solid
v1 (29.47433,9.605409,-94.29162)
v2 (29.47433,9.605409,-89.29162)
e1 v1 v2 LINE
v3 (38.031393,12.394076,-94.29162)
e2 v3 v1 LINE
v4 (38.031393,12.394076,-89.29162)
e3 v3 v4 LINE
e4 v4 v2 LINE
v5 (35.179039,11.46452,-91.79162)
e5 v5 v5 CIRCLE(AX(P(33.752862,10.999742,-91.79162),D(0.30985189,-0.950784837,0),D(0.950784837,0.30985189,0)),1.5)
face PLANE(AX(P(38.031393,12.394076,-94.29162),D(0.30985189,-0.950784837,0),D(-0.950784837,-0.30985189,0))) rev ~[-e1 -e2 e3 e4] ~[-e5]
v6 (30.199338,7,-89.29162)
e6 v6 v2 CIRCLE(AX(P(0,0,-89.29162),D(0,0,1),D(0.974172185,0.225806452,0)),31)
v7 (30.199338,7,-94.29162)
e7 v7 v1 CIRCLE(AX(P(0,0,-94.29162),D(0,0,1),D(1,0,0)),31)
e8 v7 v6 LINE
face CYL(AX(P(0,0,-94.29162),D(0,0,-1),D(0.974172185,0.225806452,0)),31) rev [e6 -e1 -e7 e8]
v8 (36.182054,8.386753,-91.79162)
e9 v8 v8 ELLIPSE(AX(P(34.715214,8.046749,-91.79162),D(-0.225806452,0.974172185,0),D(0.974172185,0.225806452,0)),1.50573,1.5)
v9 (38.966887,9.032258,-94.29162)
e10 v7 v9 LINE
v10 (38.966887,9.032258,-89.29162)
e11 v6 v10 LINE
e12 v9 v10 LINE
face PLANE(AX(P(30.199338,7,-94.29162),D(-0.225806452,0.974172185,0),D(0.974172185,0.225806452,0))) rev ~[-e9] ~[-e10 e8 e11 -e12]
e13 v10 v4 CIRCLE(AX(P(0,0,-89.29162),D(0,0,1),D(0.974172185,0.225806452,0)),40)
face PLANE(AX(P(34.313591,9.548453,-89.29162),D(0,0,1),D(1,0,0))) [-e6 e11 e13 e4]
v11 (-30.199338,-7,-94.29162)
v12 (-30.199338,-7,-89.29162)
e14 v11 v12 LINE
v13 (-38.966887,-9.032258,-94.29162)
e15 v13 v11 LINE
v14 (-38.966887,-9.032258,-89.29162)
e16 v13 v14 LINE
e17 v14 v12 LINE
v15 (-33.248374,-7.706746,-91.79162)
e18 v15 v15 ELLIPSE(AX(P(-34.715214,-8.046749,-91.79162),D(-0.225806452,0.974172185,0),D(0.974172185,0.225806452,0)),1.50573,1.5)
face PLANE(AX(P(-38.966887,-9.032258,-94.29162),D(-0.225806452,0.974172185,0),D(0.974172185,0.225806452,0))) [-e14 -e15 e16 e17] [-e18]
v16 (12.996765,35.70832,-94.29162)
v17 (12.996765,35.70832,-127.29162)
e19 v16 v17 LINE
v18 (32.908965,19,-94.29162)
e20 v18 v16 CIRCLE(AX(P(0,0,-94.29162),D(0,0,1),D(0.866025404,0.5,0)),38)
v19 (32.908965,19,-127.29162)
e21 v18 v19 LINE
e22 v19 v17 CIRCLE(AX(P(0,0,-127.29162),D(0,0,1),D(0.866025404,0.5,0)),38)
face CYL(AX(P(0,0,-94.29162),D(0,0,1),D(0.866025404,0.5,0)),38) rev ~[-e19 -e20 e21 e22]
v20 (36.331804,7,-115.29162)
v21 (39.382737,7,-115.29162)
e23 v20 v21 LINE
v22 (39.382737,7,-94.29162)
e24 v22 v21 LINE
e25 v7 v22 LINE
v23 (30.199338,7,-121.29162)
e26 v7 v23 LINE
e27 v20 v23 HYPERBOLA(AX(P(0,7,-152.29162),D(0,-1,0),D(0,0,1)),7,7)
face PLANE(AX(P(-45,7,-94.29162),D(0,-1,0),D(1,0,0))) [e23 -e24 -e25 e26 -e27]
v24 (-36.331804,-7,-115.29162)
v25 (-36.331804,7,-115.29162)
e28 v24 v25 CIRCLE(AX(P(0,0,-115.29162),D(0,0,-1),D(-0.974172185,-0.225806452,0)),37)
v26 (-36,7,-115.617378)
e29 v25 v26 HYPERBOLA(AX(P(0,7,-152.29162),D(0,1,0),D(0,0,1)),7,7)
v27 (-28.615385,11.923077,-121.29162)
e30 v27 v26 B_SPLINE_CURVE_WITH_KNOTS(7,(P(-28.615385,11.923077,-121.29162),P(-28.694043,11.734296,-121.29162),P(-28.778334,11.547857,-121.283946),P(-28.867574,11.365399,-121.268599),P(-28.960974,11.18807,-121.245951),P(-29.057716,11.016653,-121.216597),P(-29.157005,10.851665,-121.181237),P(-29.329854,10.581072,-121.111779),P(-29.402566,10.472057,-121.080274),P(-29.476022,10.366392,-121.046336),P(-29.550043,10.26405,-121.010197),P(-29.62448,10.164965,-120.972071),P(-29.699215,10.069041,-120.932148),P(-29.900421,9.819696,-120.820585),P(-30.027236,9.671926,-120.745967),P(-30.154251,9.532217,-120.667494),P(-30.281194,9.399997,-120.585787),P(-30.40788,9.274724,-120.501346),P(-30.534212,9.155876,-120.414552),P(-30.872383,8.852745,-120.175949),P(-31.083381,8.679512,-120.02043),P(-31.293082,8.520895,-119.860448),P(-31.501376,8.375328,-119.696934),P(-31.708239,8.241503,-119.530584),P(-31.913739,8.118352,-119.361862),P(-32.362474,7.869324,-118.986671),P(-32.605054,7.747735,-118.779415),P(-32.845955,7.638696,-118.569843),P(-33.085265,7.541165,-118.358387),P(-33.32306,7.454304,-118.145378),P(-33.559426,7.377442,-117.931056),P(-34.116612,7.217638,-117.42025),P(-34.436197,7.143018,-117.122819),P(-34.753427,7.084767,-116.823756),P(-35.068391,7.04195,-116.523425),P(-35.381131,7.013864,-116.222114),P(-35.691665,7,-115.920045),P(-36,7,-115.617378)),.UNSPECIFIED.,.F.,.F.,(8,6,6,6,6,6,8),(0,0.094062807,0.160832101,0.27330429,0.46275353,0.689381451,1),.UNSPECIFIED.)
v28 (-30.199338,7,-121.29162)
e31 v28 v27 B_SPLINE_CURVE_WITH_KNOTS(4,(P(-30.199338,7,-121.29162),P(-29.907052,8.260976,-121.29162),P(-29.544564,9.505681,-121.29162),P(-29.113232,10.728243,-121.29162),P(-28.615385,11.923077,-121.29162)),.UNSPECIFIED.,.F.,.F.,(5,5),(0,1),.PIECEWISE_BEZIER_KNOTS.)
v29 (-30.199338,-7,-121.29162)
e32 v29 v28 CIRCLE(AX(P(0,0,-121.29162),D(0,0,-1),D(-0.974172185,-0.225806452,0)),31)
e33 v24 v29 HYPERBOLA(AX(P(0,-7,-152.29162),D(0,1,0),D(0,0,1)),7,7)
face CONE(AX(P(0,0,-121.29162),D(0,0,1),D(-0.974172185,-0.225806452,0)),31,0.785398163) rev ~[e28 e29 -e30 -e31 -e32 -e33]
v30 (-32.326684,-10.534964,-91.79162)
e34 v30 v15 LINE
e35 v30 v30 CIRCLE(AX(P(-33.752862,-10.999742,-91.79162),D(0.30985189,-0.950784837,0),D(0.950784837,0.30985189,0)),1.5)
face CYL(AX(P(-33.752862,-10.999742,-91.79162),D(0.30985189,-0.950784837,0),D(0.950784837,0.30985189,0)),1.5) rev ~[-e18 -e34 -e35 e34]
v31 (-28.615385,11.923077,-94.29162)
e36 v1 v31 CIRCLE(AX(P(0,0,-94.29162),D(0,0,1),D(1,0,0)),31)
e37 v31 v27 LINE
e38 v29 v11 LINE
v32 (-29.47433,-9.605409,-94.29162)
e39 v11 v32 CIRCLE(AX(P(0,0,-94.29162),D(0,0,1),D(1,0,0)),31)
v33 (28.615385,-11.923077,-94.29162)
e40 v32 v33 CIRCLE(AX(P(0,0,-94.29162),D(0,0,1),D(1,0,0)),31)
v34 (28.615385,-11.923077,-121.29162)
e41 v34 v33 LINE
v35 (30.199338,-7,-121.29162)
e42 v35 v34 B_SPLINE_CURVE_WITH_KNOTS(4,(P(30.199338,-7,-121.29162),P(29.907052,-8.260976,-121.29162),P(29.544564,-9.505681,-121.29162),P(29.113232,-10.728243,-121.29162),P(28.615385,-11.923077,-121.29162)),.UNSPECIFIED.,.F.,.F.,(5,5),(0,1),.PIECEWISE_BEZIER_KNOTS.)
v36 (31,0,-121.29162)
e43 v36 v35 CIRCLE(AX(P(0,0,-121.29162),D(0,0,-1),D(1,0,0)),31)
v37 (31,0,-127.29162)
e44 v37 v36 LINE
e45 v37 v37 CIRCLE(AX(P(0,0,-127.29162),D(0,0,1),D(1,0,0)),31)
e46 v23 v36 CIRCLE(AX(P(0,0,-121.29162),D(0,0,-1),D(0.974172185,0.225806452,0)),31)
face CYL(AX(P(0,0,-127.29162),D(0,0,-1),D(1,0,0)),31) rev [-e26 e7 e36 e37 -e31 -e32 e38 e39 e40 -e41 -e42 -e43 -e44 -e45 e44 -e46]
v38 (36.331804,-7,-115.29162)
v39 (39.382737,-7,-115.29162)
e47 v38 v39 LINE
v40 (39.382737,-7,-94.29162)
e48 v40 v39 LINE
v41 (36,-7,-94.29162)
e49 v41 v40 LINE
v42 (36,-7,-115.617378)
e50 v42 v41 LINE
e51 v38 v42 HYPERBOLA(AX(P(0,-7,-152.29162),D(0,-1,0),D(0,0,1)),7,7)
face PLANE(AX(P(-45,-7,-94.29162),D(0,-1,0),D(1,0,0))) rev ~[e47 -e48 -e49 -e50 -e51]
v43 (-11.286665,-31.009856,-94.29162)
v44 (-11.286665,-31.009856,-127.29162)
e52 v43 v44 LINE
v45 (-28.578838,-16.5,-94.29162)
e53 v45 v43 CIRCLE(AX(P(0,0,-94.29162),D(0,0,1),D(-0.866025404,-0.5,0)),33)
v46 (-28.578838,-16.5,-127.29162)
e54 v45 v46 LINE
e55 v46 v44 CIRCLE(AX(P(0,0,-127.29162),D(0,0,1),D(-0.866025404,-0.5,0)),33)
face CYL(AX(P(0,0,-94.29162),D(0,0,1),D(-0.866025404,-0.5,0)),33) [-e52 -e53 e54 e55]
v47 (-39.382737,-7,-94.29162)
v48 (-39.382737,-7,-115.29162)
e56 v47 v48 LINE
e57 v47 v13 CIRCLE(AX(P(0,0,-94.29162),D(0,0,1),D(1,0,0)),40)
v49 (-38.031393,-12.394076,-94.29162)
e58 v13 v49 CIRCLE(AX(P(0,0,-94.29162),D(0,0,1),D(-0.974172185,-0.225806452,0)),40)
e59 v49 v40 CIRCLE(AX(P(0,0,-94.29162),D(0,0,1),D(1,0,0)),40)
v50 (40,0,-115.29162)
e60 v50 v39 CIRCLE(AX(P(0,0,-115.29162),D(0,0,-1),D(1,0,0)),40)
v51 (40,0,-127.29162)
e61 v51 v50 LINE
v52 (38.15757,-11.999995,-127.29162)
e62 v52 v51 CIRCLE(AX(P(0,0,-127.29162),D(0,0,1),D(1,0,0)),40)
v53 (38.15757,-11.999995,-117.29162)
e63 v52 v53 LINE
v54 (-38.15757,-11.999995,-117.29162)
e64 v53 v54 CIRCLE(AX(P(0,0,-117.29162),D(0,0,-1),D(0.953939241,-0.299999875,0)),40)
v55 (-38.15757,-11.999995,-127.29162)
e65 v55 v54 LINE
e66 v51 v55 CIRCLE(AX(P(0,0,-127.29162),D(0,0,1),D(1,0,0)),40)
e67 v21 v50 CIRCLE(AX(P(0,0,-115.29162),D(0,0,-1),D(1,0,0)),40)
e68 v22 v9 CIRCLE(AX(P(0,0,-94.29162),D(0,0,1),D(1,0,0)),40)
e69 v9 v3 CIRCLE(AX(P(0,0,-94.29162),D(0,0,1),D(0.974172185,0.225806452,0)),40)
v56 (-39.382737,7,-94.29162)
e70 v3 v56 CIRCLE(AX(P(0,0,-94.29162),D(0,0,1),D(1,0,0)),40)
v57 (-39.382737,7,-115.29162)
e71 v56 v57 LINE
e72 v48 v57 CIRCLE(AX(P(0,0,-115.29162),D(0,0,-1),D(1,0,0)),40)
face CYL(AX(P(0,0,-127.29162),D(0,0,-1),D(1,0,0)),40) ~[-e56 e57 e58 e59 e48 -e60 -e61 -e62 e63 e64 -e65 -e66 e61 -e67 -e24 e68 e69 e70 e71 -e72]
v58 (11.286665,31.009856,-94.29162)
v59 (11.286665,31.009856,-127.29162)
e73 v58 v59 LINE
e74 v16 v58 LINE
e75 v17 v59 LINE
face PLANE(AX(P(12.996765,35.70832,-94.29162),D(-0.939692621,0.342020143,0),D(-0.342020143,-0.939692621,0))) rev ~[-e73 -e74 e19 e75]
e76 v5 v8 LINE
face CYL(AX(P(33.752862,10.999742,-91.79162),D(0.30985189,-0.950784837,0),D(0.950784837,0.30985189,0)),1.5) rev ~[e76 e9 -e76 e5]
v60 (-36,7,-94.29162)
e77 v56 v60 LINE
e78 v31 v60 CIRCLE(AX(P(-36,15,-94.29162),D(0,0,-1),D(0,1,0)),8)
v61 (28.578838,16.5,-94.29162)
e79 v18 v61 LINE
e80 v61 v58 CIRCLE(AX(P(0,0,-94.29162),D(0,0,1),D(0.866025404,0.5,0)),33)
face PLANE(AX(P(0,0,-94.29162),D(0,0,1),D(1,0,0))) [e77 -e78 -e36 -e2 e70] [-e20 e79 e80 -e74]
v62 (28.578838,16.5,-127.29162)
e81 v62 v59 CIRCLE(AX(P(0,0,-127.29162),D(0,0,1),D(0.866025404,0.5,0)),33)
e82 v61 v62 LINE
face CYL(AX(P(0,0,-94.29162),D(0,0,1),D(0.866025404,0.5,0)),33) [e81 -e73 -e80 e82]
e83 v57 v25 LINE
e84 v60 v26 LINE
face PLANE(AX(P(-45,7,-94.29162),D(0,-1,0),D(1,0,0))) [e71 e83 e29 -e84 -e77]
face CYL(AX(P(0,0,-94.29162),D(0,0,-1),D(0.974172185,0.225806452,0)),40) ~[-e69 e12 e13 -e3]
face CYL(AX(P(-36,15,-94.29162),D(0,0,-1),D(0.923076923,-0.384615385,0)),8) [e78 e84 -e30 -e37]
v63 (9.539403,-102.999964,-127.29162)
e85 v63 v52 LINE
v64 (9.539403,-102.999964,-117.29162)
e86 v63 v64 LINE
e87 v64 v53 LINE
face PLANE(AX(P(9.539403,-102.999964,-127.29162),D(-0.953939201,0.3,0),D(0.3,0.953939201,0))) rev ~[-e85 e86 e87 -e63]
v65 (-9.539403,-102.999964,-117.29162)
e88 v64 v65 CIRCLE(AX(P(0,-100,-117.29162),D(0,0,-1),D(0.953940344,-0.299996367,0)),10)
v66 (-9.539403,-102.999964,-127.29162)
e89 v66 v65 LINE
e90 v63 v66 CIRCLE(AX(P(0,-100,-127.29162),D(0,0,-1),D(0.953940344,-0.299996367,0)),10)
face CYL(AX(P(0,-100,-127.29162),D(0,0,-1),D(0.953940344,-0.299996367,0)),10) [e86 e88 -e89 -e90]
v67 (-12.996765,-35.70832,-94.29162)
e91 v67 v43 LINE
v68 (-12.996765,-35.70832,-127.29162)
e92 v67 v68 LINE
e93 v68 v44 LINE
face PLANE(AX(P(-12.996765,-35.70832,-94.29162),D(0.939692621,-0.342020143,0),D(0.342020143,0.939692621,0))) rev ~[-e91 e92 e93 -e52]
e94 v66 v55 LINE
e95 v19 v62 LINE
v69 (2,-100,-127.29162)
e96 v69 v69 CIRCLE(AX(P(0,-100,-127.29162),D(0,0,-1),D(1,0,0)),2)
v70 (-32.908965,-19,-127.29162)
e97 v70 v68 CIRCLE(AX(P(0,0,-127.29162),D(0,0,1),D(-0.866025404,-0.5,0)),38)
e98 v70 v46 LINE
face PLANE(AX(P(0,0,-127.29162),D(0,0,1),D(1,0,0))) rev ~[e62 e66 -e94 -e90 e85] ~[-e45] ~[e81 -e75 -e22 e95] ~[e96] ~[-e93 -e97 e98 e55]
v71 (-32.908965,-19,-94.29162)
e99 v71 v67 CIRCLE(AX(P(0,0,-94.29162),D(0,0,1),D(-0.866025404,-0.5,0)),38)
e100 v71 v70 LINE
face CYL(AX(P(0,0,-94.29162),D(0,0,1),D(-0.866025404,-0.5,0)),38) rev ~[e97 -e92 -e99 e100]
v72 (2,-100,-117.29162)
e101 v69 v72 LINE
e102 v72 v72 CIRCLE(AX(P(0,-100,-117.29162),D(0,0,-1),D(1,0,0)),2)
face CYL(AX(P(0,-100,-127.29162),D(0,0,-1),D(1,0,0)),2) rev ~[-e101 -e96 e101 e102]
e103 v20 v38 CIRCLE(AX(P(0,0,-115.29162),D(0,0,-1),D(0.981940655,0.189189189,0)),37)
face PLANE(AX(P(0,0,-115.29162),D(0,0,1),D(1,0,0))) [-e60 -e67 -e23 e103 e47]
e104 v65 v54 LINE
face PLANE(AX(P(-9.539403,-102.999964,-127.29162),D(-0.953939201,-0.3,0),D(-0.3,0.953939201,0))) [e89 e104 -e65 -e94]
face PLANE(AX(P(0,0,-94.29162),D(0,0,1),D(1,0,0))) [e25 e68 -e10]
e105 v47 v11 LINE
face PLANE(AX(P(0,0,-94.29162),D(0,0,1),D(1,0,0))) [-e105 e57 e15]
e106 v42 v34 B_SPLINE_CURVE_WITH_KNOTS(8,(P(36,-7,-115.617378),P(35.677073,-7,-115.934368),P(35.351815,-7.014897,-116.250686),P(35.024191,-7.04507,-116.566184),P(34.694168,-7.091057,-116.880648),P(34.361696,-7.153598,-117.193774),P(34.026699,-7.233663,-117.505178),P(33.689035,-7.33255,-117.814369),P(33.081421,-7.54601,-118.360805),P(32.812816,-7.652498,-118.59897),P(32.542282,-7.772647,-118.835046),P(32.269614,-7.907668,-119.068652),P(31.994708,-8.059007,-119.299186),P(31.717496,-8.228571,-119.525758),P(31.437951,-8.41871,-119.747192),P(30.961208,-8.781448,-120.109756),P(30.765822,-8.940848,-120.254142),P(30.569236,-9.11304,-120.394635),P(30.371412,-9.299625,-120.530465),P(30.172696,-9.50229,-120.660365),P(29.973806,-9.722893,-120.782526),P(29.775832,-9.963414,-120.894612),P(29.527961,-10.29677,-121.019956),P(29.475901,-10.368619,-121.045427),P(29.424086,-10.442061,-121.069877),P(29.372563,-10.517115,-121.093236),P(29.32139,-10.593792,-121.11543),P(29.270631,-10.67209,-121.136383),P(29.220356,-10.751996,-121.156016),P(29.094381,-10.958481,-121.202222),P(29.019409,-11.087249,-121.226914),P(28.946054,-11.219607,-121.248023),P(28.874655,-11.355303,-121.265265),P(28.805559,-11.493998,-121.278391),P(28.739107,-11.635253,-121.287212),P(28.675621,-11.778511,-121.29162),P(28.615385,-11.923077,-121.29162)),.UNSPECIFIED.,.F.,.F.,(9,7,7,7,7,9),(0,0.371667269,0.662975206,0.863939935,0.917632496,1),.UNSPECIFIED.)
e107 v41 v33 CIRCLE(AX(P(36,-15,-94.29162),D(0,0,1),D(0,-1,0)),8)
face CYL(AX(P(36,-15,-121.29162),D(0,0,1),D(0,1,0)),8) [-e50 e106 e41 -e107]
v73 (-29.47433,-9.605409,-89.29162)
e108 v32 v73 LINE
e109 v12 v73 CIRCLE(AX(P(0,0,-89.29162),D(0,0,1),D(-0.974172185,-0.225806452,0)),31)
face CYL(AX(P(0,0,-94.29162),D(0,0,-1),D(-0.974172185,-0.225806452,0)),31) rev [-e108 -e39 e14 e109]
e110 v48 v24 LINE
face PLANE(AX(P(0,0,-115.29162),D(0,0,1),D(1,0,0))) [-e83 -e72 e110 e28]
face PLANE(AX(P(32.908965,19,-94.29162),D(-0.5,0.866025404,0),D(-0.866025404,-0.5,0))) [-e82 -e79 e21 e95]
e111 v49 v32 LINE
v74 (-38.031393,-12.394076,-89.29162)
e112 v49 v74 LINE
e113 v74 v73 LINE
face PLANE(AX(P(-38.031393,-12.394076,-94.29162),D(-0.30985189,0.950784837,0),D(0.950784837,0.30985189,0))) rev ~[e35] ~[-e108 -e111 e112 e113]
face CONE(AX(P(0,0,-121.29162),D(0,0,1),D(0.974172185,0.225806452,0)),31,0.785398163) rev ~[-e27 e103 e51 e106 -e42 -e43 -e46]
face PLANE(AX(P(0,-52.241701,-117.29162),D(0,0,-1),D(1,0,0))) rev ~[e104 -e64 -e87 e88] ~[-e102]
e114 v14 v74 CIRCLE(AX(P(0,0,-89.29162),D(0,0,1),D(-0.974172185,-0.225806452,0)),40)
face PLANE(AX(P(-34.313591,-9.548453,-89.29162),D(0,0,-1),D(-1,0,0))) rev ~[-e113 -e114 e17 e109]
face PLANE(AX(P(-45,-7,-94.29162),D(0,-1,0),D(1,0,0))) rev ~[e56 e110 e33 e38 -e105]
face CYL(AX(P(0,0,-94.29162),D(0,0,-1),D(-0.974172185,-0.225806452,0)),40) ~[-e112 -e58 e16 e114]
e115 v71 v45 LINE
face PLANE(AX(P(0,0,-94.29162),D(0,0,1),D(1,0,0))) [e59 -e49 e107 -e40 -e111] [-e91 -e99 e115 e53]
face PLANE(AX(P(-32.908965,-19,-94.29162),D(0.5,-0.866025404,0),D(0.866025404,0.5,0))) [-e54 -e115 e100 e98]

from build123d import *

# Parameters (mm, degrees)
SKETCH022_R        = 40
SKETCH022_R_2      = 31
PAD006_DEPTH       = 33
SKETCH023_W        = 90
SKETCH023_H        = 14
POCKET010_DEPTH    = 21
CHAMFER_SIZE       = 6
POCKET011_DEPTH    = 268.7042032027
POLARPATTERN_COUNT = 2
FILLET001_R        = 8
PAD008_DEPTH       = 5
SKETCH028_R        = 1.5
POCKET013_DEPTH    = 3.5
SKETCH029_R        = 2
PAD009_DEPTH       = 10


with BuildPart() as part:
    # Sketch022 (on DatumPlane) → Pad006 (new body)
    with BuildSketch(Plane.XY.offset(-127.29162)):
        Circle(SKETCH022_R)
        Circle(SKETCH022_R_2, mode=Mode.SUBTRACT)
    extrude(amount=PAD006_DEPTH)

    # Sketch023 (on Face4 of Pad006) → Pocket010 (cut)
    with BuildSketch(Plane.XY.offset(-94.29162)):
        Rectangle(SKETCH023_W, SKETCH023_H)
    extrude(amount=-POCKET010_DEPTH, mode=Mode.SUBTRACT)

    # Chamfer
    chamfer_edges = [part.edges().sort_by_distance(p)[0] for p in [
        (-31, 0, -115.29162),
        (30.799184, -3.522821, -115.29162),
    ]]
    chamfer(chamfer_edges, length=CHAMFER_SIZE)

    # Sketch024 (on Face8 of Chamfer) → Pocket011 (cut, through all)
    with BuildSketch(Plane.XY.offset(-94.29162)):
        with BuildLine():
            ThreePointArc((-32.9089653438, -19), (-24.4259291681, -29.1096888385), (-12.9967654464, -35.7083195899))
            Line((-12.9967654464, -35.7083195899), (-11.2866647297, -31.0098564859))
            ThreePointArc((-28.5788383249, -16.5), (-21.2119911197, -25.2794666229), (-11.2866647297, -31.0098564859))
            Line((-32.9089653438, -19), (-28.5788383249, -16.5))
        make_face()
    pocket011 = extrude(amount=-POCKET011_DEPTH, mode=Mode.SUBTRACT)

    # PolarPattern: Pocket011 ×2 about axis
    polarpattern_axis = Axis((0, 0, -94.29162), (0, 0, 1))
    for i in range(1, POLARPATTERN_COUNT):
        add(pocket011.rotate(polarpattern_axis, i * 360 / POLARPATTERN_COUNT), mode=Mode.SUBTRACT)

    # Fillet001
    fillet001_edges = [part.edges().sort_by_distance(p)[0] for p in [
        (-30.199338, 7, -104.79162),
        (30.199338, -7, -104.79162),
    ]]
    fillet(fillet001_edges, radius=FILLET001_R)

    # Sketch027 (on Face7 of Fillet001) → Pad008 (join)
    with BuildSketch(Plane.XY.offset(-94.29162)):
        with BuildLine():
            ThreePointArc((-30.1993377411, -7), (-29.8652589516, -8.3106141622), (-29.4743299443, -9.6054085979))
            Line((-38.0313934765, -12.3940756103), (-29.4743299443, -9.605408598))
            ThreePointArc((-38.9668874079, -9.0322580645), (-38.5358180021, -10.7233731125), (-38.0313934765, -12.3940756103))
            Line((-38.9668874078, -9.0322580645), (-30.1993377411, -7))
        make_face()
        with BuildLine():
            Line((30.1993377411, 7), (38.9668874078, 9.0322580645))
            ThreePointArc((38.9668874078, 9.0322580645), (38.5358180021, 10.7233731125), (38.0313934765, 12.3940756102))
            Line((38.0313934765, 12.3940756103), (29.4743299443, 9.605408598))
            ThreePointArc((30.1993377411, 7), (29.8652589516, 8.3106141622), (29.4743299443, 9.6054085979))
        make_face()
    extrude(amount=PAD008_DEPTH)

    # Sketch028 (on Face20 of Pad008) → Pocket013 (cut, symmetric)
    with BuildSketch(Plane(origin=(0, 0, -127.29162), x_dir=(0.9507848369, 0.3098518903, 0), z_dir=(0.3098518903, -0.9507848369, 0))):
        with Locations((-35.5, 35.5)):
            Circle(SKETCH028_R)
        with Locations((35.5, 35.5)):
            Circle(SKETCH028_R)
    extrude(amount=POCKET013_DEPTH, both=True, mode=Mode.SUBTRACT)

    # Sketch029 (on Face19 of Pocket013) → Pad009 (join)
    with BuildSketch(Plane(origin=(0, 0, -127.29162), x_dir=(1, 0, 0), z_dir=(0, 0, -1))):
        with BuildLine():
            ThreePointArc((9.5394034408, 102.9999636655), (3e-10, 110), (-9.5394034406, 102.9999636661))
            Line((-9.5394034406, 102.9999636661), (-38.1575696347, 11.9999949821))
            ThreePointArc((38.1575696236, 11.9999950176), (-1.86e-08, 40), (-38.1575696347, 11.9999949821))
            Line((9.5394034408, 102.9999636656), (38.1575696236, 11.9999950176))
        make_face()
        with Locations((0, 100)):
            Circle(SKETCH029_R, mode=Mode.SUBTRACT)
    extrude(amount=-PAD009_DEPTH)


solid = part.part
